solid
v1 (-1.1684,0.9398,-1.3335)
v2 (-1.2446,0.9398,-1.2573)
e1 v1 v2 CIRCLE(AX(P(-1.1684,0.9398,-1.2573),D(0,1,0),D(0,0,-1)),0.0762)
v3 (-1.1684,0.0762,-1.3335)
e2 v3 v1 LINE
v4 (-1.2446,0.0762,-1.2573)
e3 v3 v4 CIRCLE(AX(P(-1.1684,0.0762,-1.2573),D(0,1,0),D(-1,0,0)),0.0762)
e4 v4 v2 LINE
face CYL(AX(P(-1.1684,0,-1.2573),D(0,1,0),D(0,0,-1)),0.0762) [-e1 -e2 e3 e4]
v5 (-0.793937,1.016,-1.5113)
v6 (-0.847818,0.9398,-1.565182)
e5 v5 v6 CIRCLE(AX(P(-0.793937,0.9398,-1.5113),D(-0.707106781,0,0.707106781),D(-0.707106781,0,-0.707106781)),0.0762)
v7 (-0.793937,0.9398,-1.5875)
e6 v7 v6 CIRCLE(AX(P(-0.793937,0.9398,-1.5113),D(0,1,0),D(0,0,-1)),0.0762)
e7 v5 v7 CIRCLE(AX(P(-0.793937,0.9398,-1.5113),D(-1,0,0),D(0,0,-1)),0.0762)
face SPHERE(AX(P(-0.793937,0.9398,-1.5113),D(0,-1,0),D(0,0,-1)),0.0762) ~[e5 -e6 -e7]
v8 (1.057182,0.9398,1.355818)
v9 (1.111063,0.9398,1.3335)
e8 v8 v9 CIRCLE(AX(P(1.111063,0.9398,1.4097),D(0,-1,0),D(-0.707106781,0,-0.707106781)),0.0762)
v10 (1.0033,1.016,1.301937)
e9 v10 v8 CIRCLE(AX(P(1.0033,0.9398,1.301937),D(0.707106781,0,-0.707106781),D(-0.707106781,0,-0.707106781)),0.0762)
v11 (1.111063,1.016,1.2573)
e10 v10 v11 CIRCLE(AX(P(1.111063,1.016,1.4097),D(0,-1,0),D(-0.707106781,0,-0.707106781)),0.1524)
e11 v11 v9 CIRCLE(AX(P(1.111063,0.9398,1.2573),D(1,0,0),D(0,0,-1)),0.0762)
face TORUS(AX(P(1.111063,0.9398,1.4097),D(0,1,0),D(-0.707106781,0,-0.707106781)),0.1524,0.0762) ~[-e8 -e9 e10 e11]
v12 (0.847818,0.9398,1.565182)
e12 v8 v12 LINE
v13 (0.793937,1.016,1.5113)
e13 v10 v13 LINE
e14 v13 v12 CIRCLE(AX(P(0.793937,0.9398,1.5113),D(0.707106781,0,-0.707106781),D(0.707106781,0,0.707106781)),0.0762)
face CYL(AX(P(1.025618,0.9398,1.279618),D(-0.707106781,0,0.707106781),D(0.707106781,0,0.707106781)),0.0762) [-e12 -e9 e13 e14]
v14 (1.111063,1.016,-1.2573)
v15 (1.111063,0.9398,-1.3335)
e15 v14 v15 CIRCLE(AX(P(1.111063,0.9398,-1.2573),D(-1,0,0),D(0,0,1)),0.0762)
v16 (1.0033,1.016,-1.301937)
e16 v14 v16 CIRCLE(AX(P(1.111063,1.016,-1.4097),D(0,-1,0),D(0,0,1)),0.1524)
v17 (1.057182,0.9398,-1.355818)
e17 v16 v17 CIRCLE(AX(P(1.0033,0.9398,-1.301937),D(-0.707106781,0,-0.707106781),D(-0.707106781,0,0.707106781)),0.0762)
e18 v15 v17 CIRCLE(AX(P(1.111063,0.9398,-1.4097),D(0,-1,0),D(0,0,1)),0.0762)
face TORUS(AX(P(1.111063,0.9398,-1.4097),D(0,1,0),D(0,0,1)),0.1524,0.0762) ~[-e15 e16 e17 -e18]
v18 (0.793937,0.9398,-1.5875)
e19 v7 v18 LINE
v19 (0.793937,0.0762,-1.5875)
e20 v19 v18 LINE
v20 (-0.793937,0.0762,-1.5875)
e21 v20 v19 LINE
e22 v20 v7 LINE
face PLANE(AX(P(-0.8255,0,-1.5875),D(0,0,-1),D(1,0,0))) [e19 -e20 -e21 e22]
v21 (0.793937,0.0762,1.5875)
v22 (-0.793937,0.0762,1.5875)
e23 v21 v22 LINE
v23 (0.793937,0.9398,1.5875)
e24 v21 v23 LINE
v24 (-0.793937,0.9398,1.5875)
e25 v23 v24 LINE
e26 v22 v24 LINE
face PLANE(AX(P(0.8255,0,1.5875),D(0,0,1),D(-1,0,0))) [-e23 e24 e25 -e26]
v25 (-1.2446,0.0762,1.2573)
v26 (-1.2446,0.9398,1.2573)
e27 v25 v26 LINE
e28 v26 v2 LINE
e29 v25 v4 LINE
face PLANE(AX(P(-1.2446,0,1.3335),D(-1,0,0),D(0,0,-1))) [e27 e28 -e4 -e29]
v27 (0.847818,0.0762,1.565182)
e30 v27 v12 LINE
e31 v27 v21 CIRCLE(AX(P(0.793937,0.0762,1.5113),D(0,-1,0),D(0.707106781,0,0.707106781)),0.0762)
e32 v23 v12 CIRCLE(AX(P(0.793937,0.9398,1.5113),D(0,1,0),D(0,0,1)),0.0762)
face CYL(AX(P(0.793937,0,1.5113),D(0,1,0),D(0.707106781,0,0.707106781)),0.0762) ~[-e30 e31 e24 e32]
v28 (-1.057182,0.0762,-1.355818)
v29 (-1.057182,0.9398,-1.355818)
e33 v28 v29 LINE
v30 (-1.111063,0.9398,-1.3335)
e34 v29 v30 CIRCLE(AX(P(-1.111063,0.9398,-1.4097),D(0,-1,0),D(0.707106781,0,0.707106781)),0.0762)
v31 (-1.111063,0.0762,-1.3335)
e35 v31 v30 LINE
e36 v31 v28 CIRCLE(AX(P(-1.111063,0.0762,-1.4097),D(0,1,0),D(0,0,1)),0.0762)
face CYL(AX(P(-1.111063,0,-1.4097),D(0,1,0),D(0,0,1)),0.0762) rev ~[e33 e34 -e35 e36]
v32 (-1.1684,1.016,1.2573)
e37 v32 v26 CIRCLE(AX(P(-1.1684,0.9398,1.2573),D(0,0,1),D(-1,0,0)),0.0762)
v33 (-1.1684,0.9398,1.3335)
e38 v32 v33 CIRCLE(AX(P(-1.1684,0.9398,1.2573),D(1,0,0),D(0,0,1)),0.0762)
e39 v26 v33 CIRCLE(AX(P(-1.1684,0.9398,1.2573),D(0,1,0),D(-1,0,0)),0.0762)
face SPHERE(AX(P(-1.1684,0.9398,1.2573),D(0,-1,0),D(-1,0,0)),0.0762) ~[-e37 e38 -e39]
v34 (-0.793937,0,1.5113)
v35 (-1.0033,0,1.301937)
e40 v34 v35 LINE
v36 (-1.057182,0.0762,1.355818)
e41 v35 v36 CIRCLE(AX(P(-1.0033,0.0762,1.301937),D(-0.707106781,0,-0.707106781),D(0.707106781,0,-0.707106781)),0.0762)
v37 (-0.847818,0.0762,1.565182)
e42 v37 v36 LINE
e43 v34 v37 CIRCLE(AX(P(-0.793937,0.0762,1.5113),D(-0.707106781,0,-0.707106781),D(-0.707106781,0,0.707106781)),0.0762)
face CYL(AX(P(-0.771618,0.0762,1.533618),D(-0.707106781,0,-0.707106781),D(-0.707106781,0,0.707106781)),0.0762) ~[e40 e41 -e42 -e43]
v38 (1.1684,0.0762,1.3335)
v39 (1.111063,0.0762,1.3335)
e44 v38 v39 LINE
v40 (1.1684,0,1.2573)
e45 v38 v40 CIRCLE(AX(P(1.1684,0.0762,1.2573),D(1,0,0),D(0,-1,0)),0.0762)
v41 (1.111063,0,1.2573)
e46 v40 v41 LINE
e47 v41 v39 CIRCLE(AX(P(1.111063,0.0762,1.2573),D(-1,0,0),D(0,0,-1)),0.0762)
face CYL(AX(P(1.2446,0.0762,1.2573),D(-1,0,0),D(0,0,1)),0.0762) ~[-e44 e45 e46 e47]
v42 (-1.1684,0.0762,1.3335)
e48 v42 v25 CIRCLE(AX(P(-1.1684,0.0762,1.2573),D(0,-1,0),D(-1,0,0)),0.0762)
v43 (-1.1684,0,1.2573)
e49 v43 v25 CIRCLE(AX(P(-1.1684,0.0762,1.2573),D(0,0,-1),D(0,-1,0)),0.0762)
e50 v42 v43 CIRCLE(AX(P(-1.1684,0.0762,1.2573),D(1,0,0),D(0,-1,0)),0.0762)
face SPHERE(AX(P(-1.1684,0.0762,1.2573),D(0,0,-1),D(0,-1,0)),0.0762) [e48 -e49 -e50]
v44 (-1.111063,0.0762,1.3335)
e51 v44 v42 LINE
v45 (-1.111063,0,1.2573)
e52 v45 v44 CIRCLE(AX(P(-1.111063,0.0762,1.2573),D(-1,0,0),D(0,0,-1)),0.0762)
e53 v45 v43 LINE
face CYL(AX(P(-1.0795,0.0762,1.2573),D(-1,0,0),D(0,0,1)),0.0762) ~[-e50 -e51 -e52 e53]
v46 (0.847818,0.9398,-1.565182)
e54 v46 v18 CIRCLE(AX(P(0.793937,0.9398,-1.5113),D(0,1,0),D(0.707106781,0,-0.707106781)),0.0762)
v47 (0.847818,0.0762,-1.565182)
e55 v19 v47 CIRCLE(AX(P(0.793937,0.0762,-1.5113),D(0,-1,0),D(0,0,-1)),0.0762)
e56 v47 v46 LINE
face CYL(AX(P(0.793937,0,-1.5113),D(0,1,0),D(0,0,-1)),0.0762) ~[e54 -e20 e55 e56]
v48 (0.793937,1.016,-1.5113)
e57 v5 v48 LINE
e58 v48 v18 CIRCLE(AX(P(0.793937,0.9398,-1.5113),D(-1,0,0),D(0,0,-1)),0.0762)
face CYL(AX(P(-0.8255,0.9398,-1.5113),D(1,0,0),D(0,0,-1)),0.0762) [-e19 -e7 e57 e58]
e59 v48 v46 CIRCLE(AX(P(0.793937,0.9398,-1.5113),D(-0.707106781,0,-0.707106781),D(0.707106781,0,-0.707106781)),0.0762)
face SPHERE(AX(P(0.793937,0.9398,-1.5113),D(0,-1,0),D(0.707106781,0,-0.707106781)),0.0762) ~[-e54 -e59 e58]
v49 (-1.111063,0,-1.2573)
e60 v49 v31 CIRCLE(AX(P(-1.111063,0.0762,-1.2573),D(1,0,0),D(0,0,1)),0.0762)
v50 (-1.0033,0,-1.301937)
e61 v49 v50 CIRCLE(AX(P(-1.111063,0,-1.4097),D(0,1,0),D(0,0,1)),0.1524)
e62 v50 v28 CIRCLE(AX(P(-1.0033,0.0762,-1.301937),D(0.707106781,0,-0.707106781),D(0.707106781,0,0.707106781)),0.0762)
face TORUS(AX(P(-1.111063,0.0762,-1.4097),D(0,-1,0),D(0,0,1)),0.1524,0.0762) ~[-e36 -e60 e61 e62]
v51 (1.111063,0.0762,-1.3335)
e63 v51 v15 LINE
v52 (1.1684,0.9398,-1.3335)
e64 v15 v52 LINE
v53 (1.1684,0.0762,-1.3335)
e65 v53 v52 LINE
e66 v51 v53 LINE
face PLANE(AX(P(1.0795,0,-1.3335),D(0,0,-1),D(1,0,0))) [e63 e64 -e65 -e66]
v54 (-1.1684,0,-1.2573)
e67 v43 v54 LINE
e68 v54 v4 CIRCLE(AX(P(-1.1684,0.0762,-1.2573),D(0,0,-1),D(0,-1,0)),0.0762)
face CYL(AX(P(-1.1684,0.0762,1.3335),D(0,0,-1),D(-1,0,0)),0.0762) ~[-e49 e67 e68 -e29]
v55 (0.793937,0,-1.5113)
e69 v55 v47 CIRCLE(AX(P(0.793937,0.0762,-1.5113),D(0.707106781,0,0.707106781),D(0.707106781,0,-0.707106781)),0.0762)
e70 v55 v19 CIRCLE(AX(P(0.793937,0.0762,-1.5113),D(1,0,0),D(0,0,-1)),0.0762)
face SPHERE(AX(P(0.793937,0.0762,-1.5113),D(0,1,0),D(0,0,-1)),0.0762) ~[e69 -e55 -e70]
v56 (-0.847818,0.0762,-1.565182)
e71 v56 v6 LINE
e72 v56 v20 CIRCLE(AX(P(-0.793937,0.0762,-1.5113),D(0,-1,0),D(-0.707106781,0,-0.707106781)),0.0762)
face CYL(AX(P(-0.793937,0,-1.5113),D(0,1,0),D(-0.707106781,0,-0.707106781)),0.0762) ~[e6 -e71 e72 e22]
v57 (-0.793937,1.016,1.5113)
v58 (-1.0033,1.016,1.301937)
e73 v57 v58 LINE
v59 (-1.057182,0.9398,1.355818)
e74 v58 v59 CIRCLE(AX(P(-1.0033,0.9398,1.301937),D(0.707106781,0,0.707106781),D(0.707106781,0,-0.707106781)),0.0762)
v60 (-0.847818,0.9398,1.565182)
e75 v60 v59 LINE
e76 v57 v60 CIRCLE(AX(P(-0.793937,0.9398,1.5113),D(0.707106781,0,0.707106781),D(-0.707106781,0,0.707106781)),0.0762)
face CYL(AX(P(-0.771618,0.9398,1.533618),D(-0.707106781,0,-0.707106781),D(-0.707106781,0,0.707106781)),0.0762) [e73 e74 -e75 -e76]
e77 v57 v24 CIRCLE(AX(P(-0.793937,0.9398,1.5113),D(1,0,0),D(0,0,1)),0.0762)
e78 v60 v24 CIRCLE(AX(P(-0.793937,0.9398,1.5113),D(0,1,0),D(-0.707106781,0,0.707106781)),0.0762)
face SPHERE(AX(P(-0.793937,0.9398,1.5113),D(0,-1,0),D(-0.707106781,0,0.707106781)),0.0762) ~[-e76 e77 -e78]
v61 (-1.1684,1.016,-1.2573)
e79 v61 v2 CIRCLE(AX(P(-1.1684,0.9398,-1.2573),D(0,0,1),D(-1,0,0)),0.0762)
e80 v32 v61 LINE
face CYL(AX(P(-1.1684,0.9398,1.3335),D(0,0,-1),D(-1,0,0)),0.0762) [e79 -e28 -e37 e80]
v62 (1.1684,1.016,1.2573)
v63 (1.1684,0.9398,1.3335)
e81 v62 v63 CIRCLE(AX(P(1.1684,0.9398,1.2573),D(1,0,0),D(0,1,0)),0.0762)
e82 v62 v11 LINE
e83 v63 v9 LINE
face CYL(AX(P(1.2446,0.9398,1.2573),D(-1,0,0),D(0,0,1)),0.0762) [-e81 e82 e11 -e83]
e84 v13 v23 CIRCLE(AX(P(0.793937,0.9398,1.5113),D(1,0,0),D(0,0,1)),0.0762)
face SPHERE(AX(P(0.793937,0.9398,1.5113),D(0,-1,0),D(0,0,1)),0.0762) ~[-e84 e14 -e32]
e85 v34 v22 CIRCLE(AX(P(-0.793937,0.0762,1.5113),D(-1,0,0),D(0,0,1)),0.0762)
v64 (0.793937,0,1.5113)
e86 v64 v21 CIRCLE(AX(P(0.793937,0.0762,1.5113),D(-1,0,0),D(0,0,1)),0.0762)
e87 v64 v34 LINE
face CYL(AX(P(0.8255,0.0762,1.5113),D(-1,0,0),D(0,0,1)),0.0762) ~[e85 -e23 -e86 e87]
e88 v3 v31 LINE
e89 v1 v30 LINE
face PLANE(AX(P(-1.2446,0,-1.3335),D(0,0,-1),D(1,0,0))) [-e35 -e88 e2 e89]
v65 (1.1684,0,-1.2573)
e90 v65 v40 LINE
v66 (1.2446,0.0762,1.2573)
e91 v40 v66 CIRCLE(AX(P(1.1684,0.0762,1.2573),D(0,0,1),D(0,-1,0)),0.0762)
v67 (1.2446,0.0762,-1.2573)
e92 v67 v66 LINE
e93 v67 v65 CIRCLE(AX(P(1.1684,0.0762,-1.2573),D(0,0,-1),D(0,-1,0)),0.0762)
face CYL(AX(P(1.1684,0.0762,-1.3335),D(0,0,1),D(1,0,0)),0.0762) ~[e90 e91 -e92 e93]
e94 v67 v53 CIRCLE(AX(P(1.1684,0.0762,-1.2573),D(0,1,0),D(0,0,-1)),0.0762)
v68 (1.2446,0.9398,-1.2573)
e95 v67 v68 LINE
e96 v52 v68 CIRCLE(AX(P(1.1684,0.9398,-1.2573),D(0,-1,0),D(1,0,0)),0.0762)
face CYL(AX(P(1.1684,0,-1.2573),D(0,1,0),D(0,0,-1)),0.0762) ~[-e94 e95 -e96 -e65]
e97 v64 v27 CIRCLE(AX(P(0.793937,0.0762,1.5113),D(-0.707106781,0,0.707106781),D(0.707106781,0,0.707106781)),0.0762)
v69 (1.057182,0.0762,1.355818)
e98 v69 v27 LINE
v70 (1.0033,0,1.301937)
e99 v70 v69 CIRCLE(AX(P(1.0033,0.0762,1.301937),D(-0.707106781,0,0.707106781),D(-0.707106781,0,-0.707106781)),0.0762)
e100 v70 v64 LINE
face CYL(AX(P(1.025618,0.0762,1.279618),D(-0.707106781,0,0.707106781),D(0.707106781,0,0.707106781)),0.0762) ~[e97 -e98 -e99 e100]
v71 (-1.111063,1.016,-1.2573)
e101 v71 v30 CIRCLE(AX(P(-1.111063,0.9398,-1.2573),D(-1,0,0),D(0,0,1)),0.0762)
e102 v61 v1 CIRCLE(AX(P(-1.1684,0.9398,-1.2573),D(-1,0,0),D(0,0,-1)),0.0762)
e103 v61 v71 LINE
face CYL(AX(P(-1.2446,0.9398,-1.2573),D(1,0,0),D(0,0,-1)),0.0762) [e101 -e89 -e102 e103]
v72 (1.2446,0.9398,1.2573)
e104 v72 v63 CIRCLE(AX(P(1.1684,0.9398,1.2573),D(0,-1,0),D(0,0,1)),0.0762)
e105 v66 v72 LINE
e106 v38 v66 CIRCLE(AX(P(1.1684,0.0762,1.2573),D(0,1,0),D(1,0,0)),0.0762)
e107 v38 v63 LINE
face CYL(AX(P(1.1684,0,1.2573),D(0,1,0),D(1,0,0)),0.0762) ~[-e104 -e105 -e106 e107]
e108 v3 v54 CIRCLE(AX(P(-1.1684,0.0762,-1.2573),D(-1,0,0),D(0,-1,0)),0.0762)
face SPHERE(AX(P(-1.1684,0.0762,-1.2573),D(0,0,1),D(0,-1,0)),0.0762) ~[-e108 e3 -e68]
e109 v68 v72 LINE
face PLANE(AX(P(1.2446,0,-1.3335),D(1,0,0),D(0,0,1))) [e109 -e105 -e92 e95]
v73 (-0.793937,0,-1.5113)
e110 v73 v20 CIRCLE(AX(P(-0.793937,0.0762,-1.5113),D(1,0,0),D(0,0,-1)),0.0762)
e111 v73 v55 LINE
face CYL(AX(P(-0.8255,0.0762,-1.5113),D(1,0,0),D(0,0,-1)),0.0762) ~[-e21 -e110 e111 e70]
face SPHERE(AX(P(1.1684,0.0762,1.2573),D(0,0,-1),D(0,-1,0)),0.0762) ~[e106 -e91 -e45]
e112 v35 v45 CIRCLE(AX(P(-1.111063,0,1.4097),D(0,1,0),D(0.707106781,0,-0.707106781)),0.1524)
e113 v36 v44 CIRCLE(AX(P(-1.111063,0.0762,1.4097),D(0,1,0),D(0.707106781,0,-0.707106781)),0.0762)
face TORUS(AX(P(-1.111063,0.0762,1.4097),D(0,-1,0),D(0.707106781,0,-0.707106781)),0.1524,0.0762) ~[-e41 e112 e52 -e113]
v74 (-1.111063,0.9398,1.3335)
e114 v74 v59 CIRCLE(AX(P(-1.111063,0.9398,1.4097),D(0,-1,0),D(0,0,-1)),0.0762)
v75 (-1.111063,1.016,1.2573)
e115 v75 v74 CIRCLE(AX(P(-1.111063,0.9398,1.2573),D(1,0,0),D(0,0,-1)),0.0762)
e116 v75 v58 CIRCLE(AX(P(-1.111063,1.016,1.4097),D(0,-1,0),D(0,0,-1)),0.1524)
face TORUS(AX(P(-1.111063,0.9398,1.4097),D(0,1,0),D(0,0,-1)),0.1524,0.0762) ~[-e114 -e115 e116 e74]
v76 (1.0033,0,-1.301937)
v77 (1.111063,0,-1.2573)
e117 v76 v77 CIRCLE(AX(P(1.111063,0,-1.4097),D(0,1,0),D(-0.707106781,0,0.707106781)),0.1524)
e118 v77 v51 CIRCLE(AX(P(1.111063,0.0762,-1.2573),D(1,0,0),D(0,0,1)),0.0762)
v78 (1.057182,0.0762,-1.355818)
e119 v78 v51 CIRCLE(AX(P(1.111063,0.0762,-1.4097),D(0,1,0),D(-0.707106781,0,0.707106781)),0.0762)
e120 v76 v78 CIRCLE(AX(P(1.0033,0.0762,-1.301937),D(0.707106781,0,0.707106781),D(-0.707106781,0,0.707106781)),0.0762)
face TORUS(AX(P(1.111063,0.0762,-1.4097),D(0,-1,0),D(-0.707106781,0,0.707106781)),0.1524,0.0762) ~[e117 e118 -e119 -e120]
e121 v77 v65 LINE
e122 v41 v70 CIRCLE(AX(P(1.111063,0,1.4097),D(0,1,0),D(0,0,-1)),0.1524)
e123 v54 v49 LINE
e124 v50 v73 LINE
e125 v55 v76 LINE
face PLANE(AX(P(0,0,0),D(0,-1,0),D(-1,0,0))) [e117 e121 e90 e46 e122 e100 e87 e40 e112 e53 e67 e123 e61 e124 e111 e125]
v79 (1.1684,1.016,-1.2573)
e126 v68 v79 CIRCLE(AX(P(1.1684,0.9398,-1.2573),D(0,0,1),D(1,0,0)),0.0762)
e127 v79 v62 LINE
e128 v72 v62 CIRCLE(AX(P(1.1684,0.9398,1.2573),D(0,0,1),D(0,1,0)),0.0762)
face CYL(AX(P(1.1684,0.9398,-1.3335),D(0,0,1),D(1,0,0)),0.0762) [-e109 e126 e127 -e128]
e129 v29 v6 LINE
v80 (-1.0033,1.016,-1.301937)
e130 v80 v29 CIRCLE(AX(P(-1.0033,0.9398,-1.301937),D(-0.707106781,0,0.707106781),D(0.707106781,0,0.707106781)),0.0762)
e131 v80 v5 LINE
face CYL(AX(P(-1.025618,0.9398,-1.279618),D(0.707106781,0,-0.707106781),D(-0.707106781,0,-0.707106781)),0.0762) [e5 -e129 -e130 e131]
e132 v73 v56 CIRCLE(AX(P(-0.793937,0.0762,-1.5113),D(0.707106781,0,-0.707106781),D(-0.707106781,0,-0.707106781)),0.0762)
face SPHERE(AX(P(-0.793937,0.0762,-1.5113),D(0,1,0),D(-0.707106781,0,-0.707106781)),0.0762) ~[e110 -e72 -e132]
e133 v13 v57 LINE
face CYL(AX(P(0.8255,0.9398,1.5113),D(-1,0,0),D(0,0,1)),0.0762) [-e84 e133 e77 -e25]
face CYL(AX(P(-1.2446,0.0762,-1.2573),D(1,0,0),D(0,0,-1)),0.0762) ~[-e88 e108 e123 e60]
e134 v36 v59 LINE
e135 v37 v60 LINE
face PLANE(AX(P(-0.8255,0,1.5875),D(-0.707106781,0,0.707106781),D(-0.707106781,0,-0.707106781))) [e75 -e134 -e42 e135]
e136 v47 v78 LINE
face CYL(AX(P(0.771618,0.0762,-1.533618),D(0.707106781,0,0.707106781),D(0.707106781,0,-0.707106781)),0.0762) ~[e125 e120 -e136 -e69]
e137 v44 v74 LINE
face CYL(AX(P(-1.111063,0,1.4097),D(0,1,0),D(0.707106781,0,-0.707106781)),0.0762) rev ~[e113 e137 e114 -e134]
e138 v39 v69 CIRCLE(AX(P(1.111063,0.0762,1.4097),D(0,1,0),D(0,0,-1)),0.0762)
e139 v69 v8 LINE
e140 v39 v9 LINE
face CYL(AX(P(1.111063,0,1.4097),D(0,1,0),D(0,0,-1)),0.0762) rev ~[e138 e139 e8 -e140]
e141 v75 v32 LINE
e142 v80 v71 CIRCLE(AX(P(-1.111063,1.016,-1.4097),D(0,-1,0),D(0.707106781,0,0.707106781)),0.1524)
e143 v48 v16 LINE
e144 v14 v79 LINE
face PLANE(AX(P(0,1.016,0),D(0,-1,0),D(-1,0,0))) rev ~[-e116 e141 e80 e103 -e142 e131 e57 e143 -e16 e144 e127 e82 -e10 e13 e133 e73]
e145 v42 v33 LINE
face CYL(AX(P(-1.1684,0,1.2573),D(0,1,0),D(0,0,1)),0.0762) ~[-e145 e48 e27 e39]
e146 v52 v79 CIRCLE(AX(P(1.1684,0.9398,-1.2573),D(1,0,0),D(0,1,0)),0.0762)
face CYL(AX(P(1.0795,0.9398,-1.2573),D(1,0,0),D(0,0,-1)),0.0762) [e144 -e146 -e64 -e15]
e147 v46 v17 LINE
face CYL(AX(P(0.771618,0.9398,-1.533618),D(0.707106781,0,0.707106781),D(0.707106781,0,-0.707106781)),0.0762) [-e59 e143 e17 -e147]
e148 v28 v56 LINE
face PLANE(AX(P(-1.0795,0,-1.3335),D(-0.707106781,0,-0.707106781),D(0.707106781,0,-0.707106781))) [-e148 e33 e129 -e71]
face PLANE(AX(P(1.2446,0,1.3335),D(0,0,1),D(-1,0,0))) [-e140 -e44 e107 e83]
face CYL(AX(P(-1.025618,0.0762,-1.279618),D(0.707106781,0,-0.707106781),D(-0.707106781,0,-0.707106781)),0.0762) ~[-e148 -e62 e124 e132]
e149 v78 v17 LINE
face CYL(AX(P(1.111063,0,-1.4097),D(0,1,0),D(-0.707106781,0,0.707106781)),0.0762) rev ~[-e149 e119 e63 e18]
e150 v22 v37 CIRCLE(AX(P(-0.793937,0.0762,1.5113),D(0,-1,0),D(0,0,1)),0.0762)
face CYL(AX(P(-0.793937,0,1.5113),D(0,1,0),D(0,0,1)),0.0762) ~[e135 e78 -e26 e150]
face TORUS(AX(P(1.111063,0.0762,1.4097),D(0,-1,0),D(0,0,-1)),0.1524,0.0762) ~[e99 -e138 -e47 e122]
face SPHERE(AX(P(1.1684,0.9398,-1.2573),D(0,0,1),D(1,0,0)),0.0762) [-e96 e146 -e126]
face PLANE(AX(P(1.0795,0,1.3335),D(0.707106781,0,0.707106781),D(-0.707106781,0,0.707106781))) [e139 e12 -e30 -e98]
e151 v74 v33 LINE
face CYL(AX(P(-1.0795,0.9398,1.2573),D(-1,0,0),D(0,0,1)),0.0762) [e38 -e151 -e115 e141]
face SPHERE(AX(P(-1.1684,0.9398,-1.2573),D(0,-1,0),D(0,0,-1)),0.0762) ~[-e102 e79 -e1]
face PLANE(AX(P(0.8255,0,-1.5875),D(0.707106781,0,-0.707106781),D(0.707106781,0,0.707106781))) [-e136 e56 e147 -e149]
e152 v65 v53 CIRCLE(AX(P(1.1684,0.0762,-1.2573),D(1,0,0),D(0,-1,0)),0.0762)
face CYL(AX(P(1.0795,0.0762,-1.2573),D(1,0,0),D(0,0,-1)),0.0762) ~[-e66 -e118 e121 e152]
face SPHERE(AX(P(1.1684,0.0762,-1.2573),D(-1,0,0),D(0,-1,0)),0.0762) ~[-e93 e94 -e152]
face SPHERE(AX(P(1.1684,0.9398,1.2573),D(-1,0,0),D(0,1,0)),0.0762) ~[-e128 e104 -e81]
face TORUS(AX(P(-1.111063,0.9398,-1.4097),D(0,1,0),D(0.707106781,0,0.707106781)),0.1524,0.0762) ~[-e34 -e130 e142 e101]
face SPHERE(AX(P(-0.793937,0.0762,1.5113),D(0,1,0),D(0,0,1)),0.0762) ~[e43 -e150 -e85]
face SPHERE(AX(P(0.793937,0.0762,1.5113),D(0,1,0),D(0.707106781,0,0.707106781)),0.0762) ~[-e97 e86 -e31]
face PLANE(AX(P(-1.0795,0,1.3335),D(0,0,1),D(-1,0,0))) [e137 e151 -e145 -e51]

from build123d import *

# Parameters (mm, degrees)
BOSS_EXTRUDE1_DEPTH = 1.016
FILLET1_R           = 0.0762


with BuildPart() as part:
    # Sketch1 → Boss-Extrude1 (new body)
    with BuildSketch(Plane(origin=(0, 0, 0), x_dir=(1, 0, 0), z_dir=(0, 1, 0))):
        Polygon((-1.2446, 1.3335), (-1.0795, 1.3335), (-0.8255, 1.5875), (0.8255, 1.5875), (1.0795, 1.3335), (1.2446, 1.3335), (1.2446, -1.3335), (1.0795, -1.3335), (0.8255, -1.5875), (-0.8255, -1.5875), (-1.0795, -1.3335), (-1.2446, -1.3335), align=None)
    extrude(amount=BOSS_EXTRUDE1_DEPTH)

    # Fillet1
    fillet1_edges = [part.edges().sort_by_distance(p)[0] for p in [
        (0, 1.016, 1.5875),
        (-1.2446, 0, 0),
        (-1.16205, 0, -1.3335),
        (-0.9525, 0, -1.4605),
        (0, 0, -1.5875),
        (0.9525, 0, -1.4605),
        (1.16205, 0, -1.3335),
        (0.9525, 1.016, 1.4605),
        (1.2446, 0, 0),
        (1.16205, 0, 1.3335),
        (0.9525, 0, 1.4605),
        (0, 0, 1.5875),
        (-0.9525, 0, 1.4605),
        (-1.16205, 0, 1.3335),
        (1.16205, 1.016, 1.3335),
        (1.2446, 1.016, 0),
        (-1.2446, 0.508, 1.3335),
        (-1.2446, 0.508, -1.3335),
        (-1.0795, 0.508, -1.3335),
        (-0.8255, 0.508, -1.5875),
        (0.8255, 0.508, -1.5875),
        (1.0795, 0.508, -1.3335),
        (1.2446, 0.508, -1.3335),
        (1.2446, 0.508, 1.3335),
        (1.0795, 0.508, 1.3335),
        (0.8255, 0.508, 1.5875),
        (-0.8255, 0.508, 1.5875),
        (-1.0795, 0.508, 1.3335),
        (1.16205, 1.016, -1.3335),
        (0.9525, 1.016, -1.4605),
        (0, 1.016, -1.5875),
        (-0.9525, 1.016, -1.4605),
        (-1.16205, 1.016, -1.3335),
        (-1.2446, 1.016, 0),
        (-1.16205, 1.016, 1.3335),
        (-0.9525, 1.016, 1.4605),
    ]]
    fillet(fillet1_edges, radius=FILLET1_R)


solid = part.part
